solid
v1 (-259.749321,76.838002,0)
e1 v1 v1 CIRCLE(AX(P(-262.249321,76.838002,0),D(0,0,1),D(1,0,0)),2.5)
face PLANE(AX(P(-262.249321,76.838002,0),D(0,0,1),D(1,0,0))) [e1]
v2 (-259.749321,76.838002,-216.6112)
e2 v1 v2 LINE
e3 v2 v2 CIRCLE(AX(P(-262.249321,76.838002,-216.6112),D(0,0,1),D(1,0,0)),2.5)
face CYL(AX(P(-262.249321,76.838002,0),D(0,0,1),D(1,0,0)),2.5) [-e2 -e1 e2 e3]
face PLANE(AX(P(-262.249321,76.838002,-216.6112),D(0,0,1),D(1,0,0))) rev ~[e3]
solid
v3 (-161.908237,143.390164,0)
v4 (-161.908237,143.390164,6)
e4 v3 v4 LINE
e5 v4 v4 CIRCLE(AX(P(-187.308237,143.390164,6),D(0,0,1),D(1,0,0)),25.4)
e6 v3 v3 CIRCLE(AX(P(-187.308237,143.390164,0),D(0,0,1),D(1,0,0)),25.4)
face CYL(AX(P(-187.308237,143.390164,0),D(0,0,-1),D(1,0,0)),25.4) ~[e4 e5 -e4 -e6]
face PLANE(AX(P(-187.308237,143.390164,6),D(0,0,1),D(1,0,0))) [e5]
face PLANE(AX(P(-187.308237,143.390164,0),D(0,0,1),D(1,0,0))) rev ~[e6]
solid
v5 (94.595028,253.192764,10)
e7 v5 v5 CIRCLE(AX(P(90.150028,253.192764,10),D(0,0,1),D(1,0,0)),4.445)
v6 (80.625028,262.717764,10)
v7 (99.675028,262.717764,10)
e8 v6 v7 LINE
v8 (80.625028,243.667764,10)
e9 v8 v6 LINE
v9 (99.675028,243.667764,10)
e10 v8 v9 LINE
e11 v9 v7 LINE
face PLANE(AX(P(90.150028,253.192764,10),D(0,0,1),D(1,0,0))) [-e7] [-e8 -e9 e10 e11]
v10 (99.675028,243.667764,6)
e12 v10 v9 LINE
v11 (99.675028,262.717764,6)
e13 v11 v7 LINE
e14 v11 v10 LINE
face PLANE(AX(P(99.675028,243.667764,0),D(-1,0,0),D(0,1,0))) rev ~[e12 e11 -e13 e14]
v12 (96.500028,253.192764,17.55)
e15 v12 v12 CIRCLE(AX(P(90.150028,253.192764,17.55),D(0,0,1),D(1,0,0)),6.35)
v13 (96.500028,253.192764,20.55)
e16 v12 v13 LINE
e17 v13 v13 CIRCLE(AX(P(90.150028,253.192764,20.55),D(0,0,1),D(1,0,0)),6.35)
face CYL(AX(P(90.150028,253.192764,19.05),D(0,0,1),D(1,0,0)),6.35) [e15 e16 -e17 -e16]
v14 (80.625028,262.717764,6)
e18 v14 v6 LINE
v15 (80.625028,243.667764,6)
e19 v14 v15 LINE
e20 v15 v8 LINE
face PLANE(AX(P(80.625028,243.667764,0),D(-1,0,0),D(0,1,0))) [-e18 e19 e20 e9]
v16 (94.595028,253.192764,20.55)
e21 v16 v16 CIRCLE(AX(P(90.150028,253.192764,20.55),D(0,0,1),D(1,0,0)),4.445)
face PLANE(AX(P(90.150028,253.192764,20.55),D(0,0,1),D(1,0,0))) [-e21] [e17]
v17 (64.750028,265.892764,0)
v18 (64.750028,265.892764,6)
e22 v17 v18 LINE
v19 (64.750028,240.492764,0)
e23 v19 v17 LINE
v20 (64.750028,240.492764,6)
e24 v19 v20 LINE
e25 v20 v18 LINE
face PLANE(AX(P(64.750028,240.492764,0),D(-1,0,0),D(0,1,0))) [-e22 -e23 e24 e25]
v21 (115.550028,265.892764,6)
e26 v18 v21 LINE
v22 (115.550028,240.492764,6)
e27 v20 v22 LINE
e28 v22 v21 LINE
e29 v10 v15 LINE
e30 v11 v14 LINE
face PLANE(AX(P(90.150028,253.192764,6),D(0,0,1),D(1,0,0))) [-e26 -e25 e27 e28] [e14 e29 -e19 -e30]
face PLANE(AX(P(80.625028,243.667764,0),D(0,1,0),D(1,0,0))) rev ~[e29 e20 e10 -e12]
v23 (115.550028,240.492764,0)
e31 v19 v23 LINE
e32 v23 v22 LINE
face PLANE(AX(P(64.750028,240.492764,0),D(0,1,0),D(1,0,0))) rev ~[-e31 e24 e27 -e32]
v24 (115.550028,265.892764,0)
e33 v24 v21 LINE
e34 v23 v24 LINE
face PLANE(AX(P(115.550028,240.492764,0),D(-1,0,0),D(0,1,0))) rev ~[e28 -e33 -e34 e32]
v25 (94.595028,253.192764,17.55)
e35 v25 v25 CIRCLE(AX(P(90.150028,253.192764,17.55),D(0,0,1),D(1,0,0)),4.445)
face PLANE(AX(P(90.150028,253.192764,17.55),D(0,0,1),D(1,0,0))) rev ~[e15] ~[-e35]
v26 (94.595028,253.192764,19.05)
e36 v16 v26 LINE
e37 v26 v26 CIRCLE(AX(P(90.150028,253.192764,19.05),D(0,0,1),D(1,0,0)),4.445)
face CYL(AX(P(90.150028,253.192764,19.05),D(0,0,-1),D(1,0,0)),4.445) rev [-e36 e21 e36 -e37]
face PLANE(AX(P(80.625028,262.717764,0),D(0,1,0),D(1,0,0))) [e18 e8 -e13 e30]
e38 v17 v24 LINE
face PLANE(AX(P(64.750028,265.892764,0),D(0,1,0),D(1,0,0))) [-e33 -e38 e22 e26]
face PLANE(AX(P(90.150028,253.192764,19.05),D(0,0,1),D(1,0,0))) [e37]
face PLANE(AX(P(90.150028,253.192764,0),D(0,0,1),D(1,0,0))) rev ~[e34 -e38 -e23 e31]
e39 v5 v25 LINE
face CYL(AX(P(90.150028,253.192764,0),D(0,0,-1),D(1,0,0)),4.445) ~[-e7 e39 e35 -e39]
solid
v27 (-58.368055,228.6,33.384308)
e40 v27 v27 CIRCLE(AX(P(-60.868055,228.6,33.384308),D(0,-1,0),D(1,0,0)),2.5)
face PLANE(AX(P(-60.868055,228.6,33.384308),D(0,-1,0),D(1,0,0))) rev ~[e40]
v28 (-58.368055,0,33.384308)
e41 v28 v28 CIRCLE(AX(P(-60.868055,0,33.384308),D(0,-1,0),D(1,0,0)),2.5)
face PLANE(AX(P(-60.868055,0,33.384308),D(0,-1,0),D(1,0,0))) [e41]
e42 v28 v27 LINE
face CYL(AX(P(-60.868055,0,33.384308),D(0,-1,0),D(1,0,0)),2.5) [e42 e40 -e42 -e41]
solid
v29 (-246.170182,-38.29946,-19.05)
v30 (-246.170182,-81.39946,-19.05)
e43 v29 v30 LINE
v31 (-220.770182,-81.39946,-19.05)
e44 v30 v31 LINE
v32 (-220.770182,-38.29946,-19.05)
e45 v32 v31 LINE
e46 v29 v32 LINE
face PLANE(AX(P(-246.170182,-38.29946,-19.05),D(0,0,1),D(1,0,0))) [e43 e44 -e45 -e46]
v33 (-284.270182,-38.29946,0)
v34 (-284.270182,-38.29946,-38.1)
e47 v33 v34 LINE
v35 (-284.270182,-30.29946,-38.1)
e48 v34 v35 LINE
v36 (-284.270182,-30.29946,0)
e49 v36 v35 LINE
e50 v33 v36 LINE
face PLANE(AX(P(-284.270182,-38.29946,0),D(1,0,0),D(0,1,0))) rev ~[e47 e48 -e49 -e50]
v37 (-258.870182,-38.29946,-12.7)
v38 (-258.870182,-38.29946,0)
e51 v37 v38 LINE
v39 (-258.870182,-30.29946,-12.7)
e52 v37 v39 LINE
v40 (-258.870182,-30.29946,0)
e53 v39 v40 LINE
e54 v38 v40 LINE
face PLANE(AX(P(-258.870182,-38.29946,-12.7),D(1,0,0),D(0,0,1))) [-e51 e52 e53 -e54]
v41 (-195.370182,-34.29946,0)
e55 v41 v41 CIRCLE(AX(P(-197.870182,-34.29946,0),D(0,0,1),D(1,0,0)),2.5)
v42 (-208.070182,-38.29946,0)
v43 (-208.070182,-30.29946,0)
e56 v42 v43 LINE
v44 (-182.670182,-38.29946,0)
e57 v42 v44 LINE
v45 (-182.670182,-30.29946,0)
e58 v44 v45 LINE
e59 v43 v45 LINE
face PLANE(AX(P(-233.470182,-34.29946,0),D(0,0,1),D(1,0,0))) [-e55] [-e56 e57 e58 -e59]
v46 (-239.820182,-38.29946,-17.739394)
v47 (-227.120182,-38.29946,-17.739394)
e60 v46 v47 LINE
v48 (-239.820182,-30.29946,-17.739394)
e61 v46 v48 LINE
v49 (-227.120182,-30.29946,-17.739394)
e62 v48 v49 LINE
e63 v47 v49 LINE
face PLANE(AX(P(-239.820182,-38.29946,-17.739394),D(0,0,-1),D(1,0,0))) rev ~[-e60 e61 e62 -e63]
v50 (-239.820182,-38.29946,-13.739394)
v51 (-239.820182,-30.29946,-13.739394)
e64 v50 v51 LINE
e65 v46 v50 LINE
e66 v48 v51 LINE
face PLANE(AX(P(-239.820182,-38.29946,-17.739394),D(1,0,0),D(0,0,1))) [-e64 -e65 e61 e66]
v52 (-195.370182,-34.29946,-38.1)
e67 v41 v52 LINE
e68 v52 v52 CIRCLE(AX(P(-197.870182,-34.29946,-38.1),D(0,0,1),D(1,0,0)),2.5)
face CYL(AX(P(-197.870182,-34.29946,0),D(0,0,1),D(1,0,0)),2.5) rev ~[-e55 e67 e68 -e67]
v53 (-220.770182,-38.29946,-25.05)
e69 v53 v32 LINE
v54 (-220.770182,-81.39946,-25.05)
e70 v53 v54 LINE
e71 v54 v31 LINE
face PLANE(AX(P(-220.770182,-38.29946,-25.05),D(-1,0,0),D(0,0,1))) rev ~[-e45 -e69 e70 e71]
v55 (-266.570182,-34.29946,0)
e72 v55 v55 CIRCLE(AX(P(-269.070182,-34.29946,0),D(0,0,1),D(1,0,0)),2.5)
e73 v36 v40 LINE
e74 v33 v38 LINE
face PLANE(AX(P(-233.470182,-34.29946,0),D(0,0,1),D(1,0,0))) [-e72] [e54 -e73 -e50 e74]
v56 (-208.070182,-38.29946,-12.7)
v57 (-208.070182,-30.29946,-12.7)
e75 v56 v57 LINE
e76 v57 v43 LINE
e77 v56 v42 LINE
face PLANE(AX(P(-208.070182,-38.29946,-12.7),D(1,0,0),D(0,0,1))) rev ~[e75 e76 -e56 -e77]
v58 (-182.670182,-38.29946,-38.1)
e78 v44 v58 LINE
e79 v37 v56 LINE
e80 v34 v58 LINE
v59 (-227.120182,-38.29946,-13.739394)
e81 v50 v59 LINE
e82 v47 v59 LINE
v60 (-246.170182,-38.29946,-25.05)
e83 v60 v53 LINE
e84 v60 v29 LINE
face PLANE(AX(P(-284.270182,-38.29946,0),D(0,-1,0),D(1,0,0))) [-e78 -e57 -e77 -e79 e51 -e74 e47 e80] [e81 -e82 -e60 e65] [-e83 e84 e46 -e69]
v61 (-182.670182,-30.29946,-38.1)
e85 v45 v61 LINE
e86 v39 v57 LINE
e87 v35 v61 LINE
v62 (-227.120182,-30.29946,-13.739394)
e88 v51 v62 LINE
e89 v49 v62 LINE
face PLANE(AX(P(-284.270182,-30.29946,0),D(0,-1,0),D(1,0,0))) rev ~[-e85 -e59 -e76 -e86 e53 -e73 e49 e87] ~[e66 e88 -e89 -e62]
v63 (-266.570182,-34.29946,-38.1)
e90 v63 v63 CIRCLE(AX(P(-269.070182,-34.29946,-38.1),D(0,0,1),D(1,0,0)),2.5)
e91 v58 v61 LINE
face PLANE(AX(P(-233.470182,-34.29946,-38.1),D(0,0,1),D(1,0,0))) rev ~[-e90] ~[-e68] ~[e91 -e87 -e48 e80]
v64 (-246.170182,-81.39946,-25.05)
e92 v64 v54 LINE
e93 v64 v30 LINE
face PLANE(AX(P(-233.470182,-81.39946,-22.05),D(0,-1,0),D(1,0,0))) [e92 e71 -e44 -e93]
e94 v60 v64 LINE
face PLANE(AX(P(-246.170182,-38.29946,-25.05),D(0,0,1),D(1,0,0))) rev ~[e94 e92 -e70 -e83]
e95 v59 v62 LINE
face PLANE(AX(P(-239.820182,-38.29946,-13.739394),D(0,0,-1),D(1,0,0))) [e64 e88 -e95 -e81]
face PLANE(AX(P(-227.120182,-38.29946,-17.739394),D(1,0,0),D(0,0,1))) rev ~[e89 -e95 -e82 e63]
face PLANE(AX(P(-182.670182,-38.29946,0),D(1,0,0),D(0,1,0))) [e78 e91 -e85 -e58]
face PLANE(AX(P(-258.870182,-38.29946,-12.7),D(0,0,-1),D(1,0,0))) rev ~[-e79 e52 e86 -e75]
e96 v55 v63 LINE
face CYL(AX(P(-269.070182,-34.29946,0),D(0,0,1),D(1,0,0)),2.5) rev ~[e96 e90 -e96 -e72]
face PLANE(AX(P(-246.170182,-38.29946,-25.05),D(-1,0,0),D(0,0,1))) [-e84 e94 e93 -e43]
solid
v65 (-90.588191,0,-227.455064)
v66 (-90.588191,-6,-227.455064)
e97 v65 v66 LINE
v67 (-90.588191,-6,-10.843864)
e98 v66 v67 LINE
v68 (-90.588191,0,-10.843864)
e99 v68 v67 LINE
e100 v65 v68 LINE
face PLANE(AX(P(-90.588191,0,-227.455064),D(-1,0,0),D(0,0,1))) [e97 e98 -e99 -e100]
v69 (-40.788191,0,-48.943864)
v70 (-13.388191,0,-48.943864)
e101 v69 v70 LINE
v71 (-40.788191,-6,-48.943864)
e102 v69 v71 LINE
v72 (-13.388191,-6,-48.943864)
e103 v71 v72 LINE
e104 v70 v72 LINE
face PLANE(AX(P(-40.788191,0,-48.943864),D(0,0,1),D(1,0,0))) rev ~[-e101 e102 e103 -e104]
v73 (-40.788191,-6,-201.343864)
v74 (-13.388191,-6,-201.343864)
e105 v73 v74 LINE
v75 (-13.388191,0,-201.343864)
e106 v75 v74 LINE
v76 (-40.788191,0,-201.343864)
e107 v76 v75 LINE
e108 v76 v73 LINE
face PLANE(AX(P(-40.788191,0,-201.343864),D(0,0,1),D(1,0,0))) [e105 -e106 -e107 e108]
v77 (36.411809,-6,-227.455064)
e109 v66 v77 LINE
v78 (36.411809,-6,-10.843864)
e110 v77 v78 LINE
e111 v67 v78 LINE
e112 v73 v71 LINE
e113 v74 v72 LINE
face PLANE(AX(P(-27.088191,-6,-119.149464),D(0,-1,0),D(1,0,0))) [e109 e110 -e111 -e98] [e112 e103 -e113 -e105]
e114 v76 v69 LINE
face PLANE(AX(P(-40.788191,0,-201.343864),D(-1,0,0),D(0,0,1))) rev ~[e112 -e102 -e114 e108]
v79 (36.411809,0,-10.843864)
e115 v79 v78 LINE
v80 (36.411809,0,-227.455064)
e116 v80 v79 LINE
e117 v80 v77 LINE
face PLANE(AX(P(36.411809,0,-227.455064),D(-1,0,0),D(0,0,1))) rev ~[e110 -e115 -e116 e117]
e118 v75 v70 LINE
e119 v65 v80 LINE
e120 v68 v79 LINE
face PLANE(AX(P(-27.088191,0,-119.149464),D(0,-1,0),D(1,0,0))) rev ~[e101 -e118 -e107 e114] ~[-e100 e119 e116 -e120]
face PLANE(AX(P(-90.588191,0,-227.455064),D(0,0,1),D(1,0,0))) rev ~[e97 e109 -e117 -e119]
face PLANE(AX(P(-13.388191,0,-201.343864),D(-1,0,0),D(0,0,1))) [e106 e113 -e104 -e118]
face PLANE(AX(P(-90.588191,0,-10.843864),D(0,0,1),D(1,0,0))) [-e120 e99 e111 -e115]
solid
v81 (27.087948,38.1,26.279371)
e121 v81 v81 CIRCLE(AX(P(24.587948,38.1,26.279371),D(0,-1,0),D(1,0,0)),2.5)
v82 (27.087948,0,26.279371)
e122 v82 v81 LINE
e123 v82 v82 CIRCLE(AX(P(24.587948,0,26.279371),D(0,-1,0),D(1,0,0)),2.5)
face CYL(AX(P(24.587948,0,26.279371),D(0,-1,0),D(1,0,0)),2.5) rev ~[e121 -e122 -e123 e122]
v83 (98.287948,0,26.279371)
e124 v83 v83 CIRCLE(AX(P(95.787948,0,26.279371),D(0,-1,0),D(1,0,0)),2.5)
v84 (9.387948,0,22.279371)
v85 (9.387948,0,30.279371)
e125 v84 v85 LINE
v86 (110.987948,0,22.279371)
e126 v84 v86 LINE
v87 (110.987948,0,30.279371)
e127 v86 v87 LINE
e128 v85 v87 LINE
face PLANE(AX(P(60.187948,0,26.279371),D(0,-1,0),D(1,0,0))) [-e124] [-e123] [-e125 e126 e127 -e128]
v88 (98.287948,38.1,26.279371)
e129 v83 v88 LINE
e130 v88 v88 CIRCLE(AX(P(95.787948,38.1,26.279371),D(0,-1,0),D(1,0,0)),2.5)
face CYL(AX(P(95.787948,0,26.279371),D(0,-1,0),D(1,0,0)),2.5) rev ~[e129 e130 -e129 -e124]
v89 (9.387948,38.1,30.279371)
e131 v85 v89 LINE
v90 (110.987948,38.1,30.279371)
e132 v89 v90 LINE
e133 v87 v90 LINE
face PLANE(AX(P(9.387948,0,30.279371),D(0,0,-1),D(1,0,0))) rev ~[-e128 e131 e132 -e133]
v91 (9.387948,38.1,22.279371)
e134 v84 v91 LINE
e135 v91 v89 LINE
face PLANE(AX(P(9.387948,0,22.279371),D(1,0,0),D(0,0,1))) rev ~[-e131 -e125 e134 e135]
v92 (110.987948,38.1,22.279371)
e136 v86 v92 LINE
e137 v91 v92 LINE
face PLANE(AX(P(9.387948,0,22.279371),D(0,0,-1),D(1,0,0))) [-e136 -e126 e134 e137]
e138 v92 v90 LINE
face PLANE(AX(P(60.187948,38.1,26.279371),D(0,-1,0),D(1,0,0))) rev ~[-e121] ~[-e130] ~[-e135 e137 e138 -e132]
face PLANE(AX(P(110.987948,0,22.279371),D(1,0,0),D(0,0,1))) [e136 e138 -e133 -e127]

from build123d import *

# Parameters (mm, degrees)
F1_R      = 2.5
F2_DEPTH  = 228.6
F0_W      = 101.6
F0_H      = 8
F0_R      = 2.5
F3_DEPTH  = 38.1
F4_W      = 101.6
F4_H      = 8
F4_R      = 2.5
F5_DEPTH  = 38.1
F6_R      = 2.5
F7_DEPTH  = 216.6112
F8_W      = 127
F8_H      = 216.6112
F8_W_2    = 27.4
F8_H_2    = 152.4
F9_DEPTH  = 6
F10_R     = 25.4
F11_DEPTH = 6
F12_W     = 50.8
F12_H     = 25.4
F12_W_2   = 19.05
F12_H_2   = 19.05
F12_R     = 4.445
F13_DEPTH = 6
F14_DEPTH = 10
F15_DEPTH = 19.05
F16_R     = 6.35
F16_R_2   = 4.445
F17_DEPTH = 1.5
F18_W     = 50.8
F18_H     = 12.7
F18_W_2   = 12.7
F18_H_2   = 4
F19_DEPTH = 8
F18_W_3   = 25.4
F18_H_3   = 6
F20_DEPTH = 43.1


with BuildPart() as f2:
    # F1 (on Front) → F2 (new body)
    with BuildSketch(Plane.XZ):
        with Locations((-60.868055, 33.384308)):
            Circle(F1_R)
    extrude(amount=-F2_DEPTH)


with BuildPart() as f3:
    # F0 (on Front) → F3 (new body)
    with BuildSketch(Plane.XZ):
        with Locations((60.187948, 26.279371)):
            Rectangle(F0_W, F0_H)
        with Locations((24.587948, 26.279371)):
            Circle(F0_R, mode=Mode.SUBTRACT)
        with Locations((95.787948, 26.279371)):
            Circle(F0_R, mode=Mode.SUBTRACT)
    extrude(amount=-F3_DEPTH)


with BuildPart() as f5:
    # F4 (on Top) → F5 (new body)
    with BuildSketch(Plane.XY):
        with Locations((-233.470182, -34.29946)):
            Rectangle(F4_W, F4_H)
        with Locations((-269.070182, -34.29946)):
            Circle(F4_R, mode=Mode.SUBTRACT)
        with Locations((-197.870182, -34.29946)):
            Circle(F4_R, mode=Mode.SUBTRACT)
    extrude(amount=-F5_DEPTH)

    # F18 (on face) → F19 (cut)
    with BuildSketch(Plane.XZ.offset(38.29946)):
        with Locations((-233.470182, -6.35)):
            Rectangle(F18_W, F18_H)
        with Locations((-233.470182, -15.739394)):
            Rectangle(F18_W_2, F18_H_2)
    extrude(amount=-F19_DEPTH, mode=Mode.SUBTRACT)

    # F18 (on face) → F20 (join)
    with BuildSketch(Plane.XZ.offset(38.29946)):
        with Locations((-233.470182, -22.05)):
            Rectangle(F18_W_3, F18_H_3)
    extrude(amount=F20_DEPTH)


with BuildPart() as f7:
    # F6 (on Top) → F7 (new body)
    with BuildSketch(Plane.XY):
        with Locations((-262.249321, 76.838002)):
            Circle(F6_R)
    extrude(amount=-F7_DEPTH)


with BuildPart() as f9:
    # F8 (on Front) → F9 (new body)
    with BuildSketch(Plane.XZ):
        with Locations((-27.088191, -119.149464)):
            Rectangle(F8_W, F8_H)
        with Locations((-27.088191, -125.143864)):
            Rectangle(F8_W_2, F8_H_2, mode=Mode.SUBTRACT)
    extrude(amount=F9_DEPTH)


with BuildPart() as f11:
    # F10 (on Top) → F11 (new body)
    with BuildSketch(Plane.XY):
        with Locations((-187.308237, 143.390164)):
            Circle(F10_R)
    extrude(amount=F11_DEPTH)


with BuildPart() as f13:
    # F12 (on Top) → F13 (new body)
    with BuildSketch(Plane.XY):
        with Locations((90.150028, 253.192764)):
            Rectangle(F12_W, F12_H)
        with Locations((90.150028, 253.192764)):
            Rectangle(F12_W_2, F12_H_2, mode=Mode.SUBTRACT)
        with Locations((90.150028, 253.192764)):
            Rectangle(F12_W_2, F12_H_2)
        with Locations((90.150028, 253.192764)):
            Circle(F12_R, mode=Mode.SUBTRACT)
        with Locations((90.150028, 253.192764)):
            Circle(F12_R)
    extrude(amount=F13_DEPTH)

    # F12 (on Top) → F14 (join)
    with BuildSketch(Plane.XY):
        with Locations((90.150028, 253.192764)):
            Rectangle(F12_W_2, F12_H_2)
        with Locations((90.150028, 253.192764)):
            Circle(F12_R, mode=Mode.SUBTRACT)
    extrude(amount=F14_DEPTH)

    # F12 (on Top) → F15 (join)
    with BuildSketch(Plane.XY):
        with Locations((90.150028, 253.192764)):
            Circle(F12_R)
    extrude(amount=F15_DEPTH)

    # F16 (on face) → F17 (join, symmetric)
    with BuildSketch(Plane.XY.offset(19.05)):
        with Locations((90.150028, 253.192764)):
            Circle(F16_R)
        with Locations((90.150028, 253.192764)):
            Circle(F16_R_2, mode=Mode.SUBTRACT)
    extrude(amount=F17_DEPTH, both=True)


solid = Compound([f2.part, f3.part, f5.part, f7.part, f9.part, f11.part, f13.part])
